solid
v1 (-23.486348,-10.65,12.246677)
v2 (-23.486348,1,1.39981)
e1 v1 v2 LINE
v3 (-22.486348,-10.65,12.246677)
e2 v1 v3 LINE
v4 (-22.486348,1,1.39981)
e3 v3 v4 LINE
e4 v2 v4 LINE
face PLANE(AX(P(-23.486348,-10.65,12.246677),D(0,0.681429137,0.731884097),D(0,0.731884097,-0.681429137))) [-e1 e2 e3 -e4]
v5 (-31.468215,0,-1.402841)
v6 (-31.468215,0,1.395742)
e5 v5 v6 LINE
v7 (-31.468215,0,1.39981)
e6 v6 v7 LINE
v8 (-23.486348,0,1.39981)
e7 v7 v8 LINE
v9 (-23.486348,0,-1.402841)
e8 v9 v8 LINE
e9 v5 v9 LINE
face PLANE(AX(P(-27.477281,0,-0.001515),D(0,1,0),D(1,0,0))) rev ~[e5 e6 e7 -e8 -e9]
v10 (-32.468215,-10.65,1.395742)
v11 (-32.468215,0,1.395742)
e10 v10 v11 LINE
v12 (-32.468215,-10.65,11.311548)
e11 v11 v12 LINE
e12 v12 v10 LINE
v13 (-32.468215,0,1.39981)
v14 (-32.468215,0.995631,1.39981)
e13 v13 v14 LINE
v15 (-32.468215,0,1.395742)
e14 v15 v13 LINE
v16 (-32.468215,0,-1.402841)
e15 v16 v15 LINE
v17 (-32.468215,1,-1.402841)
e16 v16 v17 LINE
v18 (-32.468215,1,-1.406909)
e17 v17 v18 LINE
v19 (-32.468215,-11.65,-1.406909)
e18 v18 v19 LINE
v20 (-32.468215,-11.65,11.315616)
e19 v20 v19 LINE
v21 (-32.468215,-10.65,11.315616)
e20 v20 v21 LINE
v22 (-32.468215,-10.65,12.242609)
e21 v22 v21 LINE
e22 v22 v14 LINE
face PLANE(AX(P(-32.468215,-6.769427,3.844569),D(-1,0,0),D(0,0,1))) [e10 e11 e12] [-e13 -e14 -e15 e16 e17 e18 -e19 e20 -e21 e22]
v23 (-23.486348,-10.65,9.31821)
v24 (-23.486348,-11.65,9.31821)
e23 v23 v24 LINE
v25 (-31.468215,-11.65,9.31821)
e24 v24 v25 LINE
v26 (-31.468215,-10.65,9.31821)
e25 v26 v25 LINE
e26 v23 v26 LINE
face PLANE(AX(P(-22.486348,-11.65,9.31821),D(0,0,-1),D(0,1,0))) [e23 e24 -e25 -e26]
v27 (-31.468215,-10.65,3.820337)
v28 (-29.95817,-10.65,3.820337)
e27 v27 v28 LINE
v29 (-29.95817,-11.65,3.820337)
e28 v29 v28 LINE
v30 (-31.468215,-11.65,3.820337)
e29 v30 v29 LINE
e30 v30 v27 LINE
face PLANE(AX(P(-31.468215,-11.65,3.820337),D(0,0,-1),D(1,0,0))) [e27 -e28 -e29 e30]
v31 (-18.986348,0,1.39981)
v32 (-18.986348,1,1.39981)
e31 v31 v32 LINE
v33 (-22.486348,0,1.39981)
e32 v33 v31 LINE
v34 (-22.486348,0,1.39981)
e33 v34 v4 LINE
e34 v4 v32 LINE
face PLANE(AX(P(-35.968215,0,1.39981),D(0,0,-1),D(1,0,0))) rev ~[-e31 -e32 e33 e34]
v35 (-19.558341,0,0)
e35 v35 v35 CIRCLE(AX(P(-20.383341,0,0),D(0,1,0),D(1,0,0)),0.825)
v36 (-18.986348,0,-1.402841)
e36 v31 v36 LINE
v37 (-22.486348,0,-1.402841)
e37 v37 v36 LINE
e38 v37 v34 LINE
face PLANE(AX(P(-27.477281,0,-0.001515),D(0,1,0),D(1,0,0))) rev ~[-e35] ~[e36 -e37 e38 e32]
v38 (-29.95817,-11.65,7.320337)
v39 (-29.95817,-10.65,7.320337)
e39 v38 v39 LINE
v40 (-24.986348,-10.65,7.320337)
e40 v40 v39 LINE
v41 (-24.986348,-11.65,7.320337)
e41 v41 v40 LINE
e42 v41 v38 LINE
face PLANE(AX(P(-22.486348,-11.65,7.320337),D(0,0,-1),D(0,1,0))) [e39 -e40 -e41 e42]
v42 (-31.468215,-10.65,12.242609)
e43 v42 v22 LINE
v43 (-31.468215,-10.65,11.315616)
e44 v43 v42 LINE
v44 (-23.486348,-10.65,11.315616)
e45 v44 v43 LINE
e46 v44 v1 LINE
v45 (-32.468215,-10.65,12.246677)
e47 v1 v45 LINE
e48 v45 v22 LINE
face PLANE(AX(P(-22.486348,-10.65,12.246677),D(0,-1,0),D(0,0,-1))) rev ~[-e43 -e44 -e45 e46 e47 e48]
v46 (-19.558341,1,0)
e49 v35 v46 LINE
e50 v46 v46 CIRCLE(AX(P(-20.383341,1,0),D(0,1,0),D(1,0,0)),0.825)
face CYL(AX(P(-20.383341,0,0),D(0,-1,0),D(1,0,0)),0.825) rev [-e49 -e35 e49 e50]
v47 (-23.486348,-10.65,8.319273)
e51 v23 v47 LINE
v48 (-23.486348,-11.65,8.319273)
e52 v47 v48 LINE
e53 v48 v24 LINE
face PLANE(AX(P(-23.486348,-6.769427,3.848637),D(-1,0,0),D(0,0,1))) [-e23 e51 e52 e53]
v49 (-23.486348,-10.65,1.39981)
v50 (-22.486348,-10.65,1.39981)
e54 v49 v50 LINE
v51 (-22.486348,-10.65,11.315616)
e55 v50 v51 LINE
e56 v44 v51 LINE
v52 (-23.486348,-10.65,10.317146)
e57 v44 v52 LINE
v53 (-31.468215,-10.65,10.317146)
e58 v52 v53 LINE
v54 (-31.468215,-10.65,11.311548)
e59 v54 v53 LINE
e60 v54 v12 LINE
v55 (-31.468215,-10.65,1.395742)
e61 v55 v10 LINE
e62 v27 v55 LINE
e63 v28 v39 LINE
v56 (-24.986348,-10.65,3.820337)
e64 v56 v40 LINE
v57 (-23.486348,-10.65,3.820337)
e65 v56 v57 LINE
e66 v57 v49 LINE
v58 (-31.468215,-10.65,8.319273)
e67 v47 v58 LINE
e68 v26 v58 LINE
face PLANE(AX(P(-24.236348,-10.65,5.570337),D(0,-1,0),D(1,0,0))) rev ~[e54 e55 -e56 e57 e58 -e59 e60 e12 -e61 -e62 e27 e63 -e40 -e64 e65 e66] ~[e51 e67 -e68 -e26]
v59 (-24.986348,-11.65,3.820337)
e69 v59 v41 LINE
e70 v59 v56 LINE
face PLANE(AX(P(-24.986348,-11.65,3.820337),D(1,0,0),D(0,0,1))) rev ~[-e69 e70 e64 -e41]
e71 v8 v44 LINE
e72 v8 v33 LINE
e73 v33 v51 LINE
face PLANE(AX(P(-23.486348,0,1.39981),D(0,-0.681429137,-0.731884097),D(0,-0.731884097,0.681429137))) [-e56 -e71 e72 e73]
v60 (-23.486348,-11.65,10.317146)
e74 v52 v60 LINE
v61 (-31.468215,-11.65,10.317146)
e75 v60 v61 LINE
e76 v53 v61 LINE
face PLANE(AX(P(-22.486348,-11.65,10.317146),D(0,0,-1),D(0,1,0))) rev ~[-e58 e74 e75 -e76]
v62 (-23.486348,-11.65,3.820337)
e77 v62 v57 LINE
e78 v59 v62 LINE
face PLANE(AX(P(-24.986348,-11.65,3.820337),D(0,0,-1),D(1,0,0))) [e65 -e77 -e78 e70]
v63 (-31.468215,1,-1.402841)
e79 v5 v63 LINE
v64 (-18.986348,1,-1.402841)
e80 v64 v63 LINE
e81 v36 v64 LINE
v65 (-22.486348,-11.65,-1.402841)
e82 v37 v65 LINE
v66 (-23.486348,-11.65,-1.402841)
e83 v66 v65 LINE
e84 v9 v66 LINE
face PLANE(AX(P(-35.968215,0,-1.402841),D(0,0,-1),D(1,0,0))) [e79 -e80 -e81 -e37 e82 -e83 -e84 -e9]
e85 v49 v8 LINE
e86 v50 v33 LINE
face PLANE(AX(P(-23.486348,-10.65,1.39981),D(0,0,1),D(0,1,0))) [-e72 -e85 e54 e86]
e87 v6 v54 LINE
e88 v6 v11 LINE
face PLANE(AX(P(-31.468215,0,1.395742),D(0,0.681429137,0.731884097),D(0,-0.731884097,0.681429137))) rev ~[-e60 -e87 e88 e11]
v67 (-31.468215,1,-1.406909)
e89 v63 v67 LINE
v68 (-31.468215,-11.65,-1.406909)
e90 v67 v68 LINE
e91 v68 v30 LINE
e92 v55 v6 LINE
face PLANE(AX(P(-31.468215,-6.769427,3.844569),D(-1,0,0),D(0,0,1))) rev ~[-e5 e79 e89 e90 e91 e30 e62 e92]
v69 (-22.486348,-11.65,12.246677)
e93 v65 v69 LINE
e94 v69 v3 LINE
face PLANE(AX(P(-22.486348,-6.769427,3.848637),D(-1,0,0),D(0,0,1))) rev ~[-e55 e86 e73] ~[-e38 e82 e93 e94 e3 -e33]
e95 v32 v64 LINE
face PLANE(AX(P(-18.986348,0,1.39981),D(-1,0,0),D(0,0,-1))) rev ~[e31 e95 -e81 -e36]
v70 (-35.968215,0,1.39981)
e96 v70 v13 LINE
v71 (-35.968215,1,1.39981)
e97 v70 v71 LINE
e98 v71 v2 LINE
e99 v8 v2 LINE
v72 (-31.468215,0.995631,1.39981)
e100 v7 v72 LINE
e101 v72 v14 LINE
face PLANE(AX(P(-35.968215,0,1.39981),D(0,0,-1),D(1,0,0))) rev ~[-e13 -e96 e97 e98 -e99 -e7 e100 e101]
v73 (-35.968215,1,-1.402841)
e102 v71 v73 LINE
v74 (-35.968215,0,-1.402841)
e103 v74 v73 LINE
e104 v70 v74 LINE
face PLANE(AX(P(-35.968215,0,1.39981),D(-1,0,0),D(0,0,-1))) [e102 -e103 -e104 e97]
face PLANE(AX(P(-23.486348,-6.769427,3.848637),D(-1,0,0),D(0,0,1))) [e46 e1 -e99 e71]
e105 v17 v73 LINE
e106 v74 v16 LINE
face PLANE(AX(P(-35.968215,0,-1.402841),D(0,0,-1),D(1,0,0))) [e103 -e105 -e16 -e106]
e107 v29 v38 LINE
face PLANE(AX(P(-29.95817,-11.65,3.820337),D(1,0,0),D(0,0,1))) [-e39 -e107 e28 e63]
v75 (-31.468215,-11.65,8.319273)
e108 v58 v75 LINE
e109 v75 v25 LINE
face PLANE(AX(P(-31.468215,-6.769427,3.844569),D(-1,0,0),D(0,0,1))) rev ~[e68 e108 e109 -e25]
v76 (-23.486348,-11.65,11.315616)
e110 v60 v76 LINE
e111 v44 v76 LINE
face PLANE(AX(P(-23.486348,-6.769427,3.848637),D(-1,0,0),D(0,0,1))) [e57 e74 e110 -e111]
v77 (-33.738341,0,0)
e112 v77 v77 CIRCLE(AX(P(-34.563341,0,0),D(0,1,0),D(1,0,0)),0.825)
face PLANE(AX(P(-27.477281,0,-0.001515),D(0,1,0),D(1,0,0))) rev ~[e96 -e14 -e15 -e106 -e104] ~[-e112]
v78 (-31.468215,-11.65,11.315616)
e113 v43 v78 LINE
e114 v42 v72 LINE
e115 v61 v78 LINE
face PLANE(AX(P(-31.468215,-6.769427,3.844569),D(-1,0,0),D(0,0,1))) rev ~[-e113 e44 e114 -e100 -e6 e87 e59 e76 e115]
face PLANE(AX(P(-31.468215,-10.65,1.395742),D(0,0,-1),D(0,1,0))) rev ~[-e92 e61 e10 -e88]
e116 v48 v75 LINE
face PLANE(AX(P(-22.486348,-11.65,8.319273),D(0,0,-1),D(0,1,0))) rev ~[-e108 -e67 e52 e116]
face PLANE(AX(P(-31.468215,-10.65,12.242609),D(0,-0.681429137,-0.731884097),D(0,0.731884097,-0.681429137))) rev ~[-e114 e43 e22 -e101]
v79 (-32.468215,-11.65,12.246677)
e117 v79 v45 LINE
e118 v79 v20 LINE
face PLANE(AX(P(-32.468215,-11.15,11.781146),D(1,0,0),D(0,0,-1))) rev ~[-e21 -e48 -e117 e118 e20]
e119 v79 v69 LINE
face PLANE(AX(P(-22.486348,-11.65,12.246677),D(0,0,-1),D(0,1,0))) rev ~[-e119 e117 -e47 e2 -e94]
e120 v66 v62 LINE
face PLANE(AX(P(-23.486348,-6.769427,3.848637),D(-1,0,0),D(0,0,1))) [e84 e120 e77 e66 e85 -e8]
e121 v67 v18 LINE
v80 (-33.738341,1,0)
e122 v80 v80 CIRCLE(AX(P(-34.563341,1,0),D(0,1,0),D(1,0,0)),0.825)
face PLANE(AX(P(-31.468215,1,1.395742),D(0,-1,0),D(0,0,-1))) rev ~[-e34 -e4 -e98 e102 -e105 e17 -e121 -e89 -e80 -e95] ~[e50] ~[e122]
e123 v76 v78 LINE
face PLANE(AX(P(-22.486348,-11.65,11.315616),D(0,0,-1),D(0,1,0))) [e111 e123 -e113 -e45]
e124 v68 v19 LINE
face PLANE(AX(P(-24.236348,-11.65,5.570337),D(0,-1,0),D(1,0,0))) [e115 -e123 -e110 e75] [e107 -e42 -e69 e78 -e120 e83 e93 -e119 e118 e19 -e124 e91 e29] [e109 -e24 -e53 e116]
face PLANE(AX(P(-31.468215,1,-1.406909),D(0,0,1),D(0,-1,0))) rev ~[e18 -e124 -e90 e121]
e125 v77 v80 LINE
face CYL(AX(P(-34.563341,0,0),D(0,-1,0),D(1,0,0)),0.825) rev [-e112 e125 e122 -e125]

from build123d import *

# Parameters (mm, degrees)
SKETCH1_W           = 16.981866596
SKETCH1_H           = 2.802651254
SKETCH1_R           = 0.825
BOSS_EXTRUDE1_DEPTH = 1
BOSS_EXTRUDE4_DEPTH = 1
BOSS_EXTRUDE5_DEPTH = 1
SKETCH15_W          = 0.931061544
SKETCH15_H          = 1
SKETCH15_W_2        = 0.998936147
BOSS_EXTRUDE6_DEPTH = 9.981867
SKETCH16_W          = 1.5
SKETCH16_H          = 3.5
SKETCH16_W_2        = 1.510044564
BOSS_EXTRUDE7_DEPTH = 1


with BuildPart() as part:
    # Sketch1 → Boss-Extrude1 (new body)
    with BuildSketch(Plane(origin=(0, 0, 0), x_dir=(1, 0, 0), z_dir=(0, 1, 0))):
        with Locations((-27.477281267, 0.001515376)):
            Rectangle(SKETCH1_W, SKETCH1_H)
        with Locations((-34.563340606, 0)):
            Circle(SKETCH1_R, mode=Mode.SUBTRACT)
        with Locations((-20.383340606, 0)):
            Circle(SKETCH1_R, mode=Mode.SUBTRACT)
    extrude(amount=BOSS_EXTRUDE1_DEPTH)

    # Sketch9 → Boss-Extrude4 (add)
    with BuildSketch(Plane(origin=(-23.486347969, 0, 0), x_dir=(0, 0, -1), z_dir=(1, 0, 0))):
        Polygon((1.402841003, 1), (1.402841003, -11.65), (-12.246677238, -11.65), (-12.246677238, -10.65), (-1.399810251, 1), align=None)
        Polygon((-1.399810251, 0), (-11.315615694, -10.65), (-1.399810251, -10.65), align=None, mode=Mode.SUBTRACT)
    extrude(amount=BOSS_EXTRUDE4_DEPTH)

    # Sketch14 → Boss-Extrude5 (add)
    with BuildSketch(Plane.ZY.offset(31.468214565)):
        Polygon((-1.406908915, 1), (-1.406908915, -11.65), (12.242609326, -11.65), (12.242609326, -10.65), (1.395742339, 1), align=None)
        Polygon((11.311547782, -10.65), (1.395742339, -10.65), (1.395742339, 0), align=None, mode=Mode.SUBTRACT)
    extrude(amount=BOSS_EXTRUDE5_DEPTH)

    # Sketch15 → Boss-Extrude6 (add)
    with BuildSketch(Plane(origin=(-22.486347969, 0, 0), x_dir=(0, 0, -1), z_dir=(1, 0, 0))):
        with Locations((-11.781146466, -11.15)):
            Rectangle(SKETCH15_W, SKETCH15_H)
        with Locations((-9.817677681, -11.15)):
            Rectangle(SKETCH15_W_2, SKETCH15_H)
        with Locations((-7.819805388, -11.15)):
            Rectangle(SKETCH15_W_2, SKETCH15_H)
    extrude(amount=-BOSS_EXTRUDE6_DEPTH)

    # Sketch16 → Boss-Extrude7 (add)
    with BuildSketch(Plane.XZ.offset(11.65)):
        with Locations((-24.236347969, 5.570337314)):
            Rectangle(SKETCH16_W, SKETCH16_H)
        with Locations((-30.713192283, 5.570337314)):
            Rectangle(SKETCH16_W_2, SKETCH16_H)
    extrude(amount=-BOSS_EXTRUDE7_DEPTH)


solid = part.part
